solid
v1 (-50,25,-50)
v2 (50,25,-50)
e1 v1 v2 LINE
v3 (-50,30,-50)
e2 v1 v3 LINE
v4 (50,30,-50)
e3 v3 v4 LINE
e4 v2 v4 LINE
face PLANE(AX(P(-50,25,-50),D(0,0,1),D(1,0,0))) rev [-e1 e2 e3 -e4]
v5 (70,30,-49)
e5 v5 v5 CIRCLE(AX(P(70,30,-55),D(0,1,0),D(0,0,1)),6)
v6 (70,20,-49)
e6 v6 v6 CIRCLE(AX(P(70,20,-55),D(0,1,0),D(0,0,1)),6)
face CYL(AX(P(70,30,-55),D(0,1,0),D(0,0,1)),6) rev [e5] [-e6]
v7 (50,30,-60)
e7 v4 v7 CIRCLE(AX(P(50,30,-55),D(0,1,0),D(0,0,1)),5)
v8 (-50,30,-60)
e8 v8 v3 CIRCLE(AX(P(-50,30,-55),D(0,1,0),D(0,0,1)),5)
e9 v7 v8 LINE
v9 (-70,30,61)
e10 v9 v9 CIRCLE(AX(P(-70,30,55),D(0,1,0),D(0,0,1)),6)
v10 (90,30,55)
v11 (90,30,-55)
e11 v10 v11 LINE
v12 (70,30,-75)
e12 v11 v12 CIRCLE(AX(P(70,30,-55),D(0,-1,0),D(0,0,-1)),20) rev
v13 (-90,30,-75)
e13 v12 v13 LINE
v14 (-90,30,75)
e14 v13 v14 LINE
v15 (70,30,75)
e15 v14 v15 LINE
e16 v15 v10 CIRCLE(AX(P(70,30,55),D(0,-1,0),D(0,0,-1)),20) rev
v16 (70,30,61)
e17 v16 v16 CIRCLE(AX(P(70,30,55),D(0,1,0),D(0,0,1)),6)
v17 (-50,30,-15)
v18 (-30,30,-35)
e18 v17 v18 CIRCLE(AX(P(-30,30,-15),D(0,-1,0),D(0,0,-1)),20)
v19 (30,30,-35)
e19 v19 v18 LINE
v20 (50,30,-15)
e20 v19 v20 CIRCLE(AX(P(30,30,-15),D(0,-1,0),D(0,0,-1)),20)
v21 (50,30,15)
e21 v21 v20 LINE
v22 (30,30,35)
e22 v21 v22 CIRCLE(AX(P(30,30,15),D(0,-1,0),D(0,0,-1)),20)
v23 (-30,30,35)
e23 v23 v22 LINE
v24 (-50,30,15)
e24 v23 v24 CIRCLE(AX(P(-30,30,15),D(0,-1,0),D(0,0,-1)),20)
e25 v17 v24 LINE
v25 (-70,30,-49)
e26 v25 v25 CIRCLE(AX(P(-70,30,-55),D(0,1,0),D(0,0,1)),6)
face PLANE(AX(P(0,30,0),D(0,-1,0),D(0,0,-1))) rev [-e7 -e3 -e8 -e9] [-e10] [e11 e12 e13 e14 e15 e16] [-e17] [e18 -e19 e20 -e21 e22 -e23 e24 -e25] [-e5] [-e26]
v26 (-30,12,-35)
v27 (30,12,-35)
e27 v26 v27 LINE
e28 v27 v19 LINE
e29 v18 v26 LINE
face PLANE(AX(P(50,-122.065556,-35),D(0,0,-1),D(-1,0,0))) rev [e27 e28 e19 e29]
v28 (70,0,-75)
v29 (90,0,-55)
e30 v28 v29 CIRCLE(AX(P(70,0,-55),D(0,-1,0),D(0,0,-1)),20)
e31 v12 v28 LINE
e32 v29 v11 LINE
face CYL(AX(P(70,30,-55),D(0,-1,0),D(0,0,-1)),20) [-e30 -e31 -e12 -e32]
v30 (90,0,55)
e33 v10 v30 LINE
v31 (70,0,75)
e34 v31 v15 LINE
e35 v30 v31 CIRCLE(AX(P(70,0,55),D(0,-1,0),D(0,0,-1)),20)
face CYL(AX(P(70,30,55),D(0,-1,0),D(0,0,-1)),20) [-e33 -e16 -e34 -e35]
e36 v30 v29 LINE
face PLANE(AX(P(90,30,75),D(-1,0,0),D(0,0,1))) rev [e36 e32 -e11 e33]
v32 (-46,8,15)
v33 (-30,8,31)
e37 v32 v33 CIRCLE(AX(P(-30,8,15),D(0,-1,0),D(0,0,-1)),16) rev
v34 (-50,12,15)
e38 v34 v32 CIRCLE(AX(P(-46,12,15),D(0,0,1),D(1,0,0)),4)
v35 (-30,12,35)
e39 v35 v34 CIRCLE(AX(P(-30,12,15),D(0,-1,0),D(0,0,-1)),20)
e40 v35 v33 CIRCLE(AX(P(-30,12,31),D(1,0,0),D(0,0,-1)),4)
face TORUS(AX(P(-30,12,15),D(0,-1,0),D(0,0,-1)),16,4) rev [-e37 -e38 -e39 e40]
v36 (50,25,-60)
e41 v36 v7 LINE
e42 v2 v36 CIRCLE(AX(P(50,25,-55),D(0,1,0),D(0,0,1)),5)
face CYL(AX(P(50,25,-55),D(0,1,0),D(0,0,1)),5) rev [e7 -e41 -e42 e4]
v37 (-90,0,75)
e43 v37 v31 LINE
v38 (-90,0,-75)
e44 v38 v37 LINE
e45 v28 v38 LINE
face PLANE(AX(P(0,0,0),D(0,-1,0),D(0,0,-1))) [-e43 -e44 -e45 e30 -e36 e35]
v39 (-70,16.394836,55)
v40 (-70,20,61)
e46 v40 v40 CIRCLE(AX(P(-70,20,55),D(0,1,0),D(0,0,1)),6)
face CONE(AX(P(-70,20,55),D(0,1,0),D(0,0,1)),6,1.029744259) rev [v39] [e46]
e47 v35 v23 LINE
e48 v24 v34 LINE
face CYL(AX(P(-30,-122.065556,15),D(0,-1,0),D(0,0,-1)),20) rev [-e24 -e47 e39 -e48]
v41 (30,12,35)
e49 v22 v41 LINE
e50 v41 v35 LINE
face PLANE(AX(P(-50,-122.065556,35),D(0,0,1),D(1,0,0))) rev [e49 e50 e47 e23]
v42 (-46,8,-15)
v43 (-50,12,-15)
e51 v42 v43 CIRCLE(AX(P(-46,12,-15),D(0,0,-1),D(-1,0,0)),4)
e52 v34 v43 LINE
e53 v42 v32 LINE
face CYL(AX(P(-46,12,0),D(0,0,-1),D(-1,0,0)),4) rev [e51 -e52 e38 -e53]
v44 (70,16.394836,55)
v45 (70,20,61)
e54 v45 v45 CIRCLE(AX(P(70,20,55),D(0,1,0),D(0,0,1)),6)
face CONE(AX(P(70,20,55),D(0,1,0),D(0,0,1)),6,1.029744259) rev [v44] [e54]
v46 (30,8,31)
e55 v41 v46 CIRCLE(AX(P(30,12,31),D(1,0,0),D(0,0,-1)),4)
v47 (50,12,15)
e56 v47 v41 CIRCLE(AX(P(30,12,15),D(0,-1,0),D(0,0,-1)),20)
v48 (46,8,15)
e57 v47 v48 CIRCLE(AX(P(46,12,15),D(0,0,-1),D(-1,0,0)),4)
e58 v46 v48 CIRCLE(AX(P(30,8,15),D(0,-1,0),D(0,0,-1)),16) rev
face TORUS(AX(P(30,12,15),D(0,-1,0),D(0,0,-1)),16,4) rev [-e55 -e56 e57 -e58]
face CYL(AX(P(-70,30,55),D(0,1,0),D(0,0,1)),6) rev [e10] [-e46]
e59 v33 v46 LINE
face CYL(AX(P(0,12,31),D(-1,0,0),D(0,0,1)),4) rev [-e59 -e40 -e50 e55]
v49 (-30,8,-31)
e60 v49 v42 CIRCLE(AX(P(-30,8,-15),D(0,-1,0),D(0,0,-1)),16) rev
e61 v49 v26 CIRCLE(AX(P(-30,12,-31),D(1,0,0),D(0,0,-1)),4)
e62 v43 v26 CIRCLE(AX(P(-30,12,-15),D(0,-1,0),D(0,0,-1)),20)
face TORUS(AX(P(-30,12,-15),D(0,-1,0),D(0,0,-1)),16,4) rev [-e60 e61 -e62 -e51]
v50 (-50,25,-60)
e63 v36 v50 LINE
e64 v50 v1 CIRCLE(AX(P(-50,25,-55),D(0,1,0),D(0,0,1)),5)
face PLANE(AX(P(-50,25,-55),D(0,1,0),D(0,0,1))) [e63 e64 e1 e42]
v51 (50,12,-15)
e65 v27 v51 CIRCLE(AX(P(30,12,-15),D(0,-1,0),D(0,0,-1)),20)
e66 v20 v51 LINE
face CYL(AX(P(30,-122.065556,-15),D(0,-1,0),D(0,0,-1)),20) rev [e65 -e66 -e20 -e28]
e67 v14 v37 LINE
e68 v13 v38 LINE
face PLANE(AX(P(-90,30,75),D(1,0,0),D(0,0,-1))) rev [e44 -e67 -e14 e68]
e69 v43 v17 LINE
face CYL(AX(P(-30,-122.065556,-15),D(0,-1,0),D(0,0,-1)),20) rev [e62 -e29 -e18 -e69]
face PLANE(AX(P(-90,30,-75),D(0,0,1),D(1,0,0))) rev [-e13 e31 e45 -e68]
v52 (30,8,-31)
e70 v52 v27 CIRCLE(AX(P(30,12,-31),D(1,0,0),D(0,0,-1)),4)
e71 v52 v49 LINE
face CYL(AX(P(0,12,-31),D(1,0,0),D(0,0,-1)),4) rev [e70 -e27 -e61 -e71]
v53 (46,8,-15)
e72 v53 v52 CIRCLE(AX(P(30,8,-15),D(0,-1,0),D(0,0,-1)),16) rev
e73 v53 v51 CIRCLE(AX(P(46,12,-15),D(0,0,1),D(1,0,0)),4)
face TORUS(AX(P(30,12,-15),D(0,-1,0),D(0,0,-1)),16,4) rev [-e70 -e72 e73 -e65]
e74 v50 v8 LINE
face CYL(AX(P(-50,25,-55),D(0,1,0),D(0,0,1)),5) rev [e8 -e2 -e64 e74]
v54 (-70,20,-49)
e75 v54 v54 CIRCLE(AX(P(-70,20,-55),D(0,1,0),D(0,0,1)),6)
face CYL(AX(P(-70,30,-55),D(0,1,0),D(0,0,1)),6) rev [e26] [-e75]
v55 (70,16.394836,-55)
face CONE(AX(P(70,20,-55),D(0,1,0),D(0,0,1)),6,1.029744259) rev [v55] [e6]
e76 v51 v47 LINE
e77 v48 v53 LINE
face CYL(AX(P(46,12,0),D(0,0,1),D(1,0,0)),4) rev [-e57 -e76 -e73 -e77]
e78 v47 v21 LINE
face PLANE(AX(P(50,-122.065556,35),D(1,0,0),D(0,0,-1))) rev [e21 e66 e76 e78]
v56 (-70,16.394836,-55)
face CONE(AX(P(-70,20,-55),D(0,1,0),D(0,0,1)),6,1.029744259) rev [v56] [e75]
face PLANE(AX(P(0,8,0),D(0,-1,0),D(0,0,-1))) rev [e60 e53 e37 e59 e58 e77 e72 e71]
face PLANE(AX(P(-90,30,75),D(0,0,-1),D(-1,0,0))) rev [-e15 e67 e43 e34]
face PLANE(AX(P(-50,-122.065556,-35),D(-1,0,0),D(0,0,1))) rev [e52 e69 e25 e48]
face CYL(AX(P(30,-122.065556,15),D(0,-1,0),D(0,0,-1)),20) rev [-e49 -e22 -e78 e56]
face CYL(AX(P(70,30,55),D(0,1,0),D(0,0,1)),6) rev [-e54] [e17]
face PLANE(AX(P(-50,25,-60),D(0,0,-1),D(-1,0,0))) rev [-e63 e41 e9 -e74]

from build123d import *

# Parameters (mm, degrees)
SKETCH1_W                  = 180
SKETCH1_H                  = 150
BOSS_EXTRUDE1_DEPTH        = 30
F_16_0MM_DOWEL_HOLE1_D     = 12
F_16_0MM_DOWEL_HOLE1_DEPTH = 10
F_16_0MM_DOWEL_HOLE1_TIP   = 3.605163714
SKETCH5_W                  = 100
SKETCH5_H                  = 70
CUT_EXTRUDE1_DEPTH         = 22
FILLET1_R                  = 20
FILLET2_R                  = 20
CUT_EXTRUDE2_DEPTH         = 5
FILLET3_R                  = 4


with BuildPart() as part:
    # Sketch1 → Boss-Extrude1 (new body)
    with BuildSketch(Plane(origin=(0, 0, 0), x_dir=(1, 0, 0), z_dir=(0, 1, 0))):
        Rectangle(SKETCH1_W, SKETCH1_H)
    extrude(amount=BOSS_EXTRUDE1_DEPTH)

    # Ø16.0mm Dowel Hole1
    with Locations(Plane(origin=(-70, 30, 55), x_dir=(0, 0, 1), z_dir=(0, 1, 0))):
        with Locations((0, 0), (-110, 0), (-110, 140), (0, 140)):
            Hole(F_16_0MM_DOWEL_HOLE1_D / 2, depth=F_16_0MM_DOWEL_HOLE1_DEPTH)
            with Locations((0, 0, -(F_16_0MM_DOWEL_HOLE1_DEPTH + F_16_0MM_DOWEL_HOLE1_TIP / 2))):  # 118° drill point
                Cone(0, F_16_0MM_DOWEL_HOLE1_D / 2, F_16_0MM_DOWEL_HOLE1_TIP, mode=Mode.SUBTRACT)

    # Sketch5 → Cut-Extrude1 (cut)
    with BuildSketch(Plane(origin=(0, 30, 0), x_dir=(1, 0, 0), z_dir=(0, 1, 0))):
        Rectangle(SKETCH5_W, SKETCH5_H)
    extrude(amount=-CUT_EXTRUDE1_DEPTH, mode=Mode.SUBTRACT)

    # Fillet1
    fillet1_edges = [part.edges().sort_by_distance(p)[0] for p in [
        (50, 19, -35),
        (-50, 19, -35),
        (-50, 19, 35),
        (50, 19, 35),
    ]]
    fillet(fillet1_edges, radius=FILLET1_R)

    # Fillet2
    fillet2_edges = [part.edges().sort_by_distance(p)[0] for p in [
        (90, 15, 75),
        (90, 15, -75),
    ]]
    fillet(fillet2_edges, radius=FILLET2_R)

    # Sketch6 → Cut-Extrude2 (cut)
    with BuildSketch(Plane(origin=(0, 30, 0), x_dir=(1, 0, 0), z_dir=(0, 1, 0))):
        with BuildLine():
            Line((-50, 60), (50, 60))
            ThreePointArc((50, 60), (55, 55), (50, 50))
            Line((50, 50), (-50, 50))
            ThreePointArc((-50, 50), (-55, 55), (-50, 60))
        make_face()
    extrude(amount=-CUT_EXTRUDE2_DEPTH, mode=Mode.SUBTRACT)

    # Fillet3
    fillet3_edges = [part.edges().sort_by_distance(p)[0] for p in [
        (50, 8, 0),
        (0, 8, 35),
        (0, 8, -35),
        (-50, 8, 0),
        (-44.142135624, 8, -29.142135624),
        (44.142135624, 8, -29.142135624),
        (-44.142135624, 8, 29.142135624),
        (44.142135624, 8, 29.142135624),
    ]]
    fillet(fillet3_edges, radius=FILLET3_R)


solid = part.part
